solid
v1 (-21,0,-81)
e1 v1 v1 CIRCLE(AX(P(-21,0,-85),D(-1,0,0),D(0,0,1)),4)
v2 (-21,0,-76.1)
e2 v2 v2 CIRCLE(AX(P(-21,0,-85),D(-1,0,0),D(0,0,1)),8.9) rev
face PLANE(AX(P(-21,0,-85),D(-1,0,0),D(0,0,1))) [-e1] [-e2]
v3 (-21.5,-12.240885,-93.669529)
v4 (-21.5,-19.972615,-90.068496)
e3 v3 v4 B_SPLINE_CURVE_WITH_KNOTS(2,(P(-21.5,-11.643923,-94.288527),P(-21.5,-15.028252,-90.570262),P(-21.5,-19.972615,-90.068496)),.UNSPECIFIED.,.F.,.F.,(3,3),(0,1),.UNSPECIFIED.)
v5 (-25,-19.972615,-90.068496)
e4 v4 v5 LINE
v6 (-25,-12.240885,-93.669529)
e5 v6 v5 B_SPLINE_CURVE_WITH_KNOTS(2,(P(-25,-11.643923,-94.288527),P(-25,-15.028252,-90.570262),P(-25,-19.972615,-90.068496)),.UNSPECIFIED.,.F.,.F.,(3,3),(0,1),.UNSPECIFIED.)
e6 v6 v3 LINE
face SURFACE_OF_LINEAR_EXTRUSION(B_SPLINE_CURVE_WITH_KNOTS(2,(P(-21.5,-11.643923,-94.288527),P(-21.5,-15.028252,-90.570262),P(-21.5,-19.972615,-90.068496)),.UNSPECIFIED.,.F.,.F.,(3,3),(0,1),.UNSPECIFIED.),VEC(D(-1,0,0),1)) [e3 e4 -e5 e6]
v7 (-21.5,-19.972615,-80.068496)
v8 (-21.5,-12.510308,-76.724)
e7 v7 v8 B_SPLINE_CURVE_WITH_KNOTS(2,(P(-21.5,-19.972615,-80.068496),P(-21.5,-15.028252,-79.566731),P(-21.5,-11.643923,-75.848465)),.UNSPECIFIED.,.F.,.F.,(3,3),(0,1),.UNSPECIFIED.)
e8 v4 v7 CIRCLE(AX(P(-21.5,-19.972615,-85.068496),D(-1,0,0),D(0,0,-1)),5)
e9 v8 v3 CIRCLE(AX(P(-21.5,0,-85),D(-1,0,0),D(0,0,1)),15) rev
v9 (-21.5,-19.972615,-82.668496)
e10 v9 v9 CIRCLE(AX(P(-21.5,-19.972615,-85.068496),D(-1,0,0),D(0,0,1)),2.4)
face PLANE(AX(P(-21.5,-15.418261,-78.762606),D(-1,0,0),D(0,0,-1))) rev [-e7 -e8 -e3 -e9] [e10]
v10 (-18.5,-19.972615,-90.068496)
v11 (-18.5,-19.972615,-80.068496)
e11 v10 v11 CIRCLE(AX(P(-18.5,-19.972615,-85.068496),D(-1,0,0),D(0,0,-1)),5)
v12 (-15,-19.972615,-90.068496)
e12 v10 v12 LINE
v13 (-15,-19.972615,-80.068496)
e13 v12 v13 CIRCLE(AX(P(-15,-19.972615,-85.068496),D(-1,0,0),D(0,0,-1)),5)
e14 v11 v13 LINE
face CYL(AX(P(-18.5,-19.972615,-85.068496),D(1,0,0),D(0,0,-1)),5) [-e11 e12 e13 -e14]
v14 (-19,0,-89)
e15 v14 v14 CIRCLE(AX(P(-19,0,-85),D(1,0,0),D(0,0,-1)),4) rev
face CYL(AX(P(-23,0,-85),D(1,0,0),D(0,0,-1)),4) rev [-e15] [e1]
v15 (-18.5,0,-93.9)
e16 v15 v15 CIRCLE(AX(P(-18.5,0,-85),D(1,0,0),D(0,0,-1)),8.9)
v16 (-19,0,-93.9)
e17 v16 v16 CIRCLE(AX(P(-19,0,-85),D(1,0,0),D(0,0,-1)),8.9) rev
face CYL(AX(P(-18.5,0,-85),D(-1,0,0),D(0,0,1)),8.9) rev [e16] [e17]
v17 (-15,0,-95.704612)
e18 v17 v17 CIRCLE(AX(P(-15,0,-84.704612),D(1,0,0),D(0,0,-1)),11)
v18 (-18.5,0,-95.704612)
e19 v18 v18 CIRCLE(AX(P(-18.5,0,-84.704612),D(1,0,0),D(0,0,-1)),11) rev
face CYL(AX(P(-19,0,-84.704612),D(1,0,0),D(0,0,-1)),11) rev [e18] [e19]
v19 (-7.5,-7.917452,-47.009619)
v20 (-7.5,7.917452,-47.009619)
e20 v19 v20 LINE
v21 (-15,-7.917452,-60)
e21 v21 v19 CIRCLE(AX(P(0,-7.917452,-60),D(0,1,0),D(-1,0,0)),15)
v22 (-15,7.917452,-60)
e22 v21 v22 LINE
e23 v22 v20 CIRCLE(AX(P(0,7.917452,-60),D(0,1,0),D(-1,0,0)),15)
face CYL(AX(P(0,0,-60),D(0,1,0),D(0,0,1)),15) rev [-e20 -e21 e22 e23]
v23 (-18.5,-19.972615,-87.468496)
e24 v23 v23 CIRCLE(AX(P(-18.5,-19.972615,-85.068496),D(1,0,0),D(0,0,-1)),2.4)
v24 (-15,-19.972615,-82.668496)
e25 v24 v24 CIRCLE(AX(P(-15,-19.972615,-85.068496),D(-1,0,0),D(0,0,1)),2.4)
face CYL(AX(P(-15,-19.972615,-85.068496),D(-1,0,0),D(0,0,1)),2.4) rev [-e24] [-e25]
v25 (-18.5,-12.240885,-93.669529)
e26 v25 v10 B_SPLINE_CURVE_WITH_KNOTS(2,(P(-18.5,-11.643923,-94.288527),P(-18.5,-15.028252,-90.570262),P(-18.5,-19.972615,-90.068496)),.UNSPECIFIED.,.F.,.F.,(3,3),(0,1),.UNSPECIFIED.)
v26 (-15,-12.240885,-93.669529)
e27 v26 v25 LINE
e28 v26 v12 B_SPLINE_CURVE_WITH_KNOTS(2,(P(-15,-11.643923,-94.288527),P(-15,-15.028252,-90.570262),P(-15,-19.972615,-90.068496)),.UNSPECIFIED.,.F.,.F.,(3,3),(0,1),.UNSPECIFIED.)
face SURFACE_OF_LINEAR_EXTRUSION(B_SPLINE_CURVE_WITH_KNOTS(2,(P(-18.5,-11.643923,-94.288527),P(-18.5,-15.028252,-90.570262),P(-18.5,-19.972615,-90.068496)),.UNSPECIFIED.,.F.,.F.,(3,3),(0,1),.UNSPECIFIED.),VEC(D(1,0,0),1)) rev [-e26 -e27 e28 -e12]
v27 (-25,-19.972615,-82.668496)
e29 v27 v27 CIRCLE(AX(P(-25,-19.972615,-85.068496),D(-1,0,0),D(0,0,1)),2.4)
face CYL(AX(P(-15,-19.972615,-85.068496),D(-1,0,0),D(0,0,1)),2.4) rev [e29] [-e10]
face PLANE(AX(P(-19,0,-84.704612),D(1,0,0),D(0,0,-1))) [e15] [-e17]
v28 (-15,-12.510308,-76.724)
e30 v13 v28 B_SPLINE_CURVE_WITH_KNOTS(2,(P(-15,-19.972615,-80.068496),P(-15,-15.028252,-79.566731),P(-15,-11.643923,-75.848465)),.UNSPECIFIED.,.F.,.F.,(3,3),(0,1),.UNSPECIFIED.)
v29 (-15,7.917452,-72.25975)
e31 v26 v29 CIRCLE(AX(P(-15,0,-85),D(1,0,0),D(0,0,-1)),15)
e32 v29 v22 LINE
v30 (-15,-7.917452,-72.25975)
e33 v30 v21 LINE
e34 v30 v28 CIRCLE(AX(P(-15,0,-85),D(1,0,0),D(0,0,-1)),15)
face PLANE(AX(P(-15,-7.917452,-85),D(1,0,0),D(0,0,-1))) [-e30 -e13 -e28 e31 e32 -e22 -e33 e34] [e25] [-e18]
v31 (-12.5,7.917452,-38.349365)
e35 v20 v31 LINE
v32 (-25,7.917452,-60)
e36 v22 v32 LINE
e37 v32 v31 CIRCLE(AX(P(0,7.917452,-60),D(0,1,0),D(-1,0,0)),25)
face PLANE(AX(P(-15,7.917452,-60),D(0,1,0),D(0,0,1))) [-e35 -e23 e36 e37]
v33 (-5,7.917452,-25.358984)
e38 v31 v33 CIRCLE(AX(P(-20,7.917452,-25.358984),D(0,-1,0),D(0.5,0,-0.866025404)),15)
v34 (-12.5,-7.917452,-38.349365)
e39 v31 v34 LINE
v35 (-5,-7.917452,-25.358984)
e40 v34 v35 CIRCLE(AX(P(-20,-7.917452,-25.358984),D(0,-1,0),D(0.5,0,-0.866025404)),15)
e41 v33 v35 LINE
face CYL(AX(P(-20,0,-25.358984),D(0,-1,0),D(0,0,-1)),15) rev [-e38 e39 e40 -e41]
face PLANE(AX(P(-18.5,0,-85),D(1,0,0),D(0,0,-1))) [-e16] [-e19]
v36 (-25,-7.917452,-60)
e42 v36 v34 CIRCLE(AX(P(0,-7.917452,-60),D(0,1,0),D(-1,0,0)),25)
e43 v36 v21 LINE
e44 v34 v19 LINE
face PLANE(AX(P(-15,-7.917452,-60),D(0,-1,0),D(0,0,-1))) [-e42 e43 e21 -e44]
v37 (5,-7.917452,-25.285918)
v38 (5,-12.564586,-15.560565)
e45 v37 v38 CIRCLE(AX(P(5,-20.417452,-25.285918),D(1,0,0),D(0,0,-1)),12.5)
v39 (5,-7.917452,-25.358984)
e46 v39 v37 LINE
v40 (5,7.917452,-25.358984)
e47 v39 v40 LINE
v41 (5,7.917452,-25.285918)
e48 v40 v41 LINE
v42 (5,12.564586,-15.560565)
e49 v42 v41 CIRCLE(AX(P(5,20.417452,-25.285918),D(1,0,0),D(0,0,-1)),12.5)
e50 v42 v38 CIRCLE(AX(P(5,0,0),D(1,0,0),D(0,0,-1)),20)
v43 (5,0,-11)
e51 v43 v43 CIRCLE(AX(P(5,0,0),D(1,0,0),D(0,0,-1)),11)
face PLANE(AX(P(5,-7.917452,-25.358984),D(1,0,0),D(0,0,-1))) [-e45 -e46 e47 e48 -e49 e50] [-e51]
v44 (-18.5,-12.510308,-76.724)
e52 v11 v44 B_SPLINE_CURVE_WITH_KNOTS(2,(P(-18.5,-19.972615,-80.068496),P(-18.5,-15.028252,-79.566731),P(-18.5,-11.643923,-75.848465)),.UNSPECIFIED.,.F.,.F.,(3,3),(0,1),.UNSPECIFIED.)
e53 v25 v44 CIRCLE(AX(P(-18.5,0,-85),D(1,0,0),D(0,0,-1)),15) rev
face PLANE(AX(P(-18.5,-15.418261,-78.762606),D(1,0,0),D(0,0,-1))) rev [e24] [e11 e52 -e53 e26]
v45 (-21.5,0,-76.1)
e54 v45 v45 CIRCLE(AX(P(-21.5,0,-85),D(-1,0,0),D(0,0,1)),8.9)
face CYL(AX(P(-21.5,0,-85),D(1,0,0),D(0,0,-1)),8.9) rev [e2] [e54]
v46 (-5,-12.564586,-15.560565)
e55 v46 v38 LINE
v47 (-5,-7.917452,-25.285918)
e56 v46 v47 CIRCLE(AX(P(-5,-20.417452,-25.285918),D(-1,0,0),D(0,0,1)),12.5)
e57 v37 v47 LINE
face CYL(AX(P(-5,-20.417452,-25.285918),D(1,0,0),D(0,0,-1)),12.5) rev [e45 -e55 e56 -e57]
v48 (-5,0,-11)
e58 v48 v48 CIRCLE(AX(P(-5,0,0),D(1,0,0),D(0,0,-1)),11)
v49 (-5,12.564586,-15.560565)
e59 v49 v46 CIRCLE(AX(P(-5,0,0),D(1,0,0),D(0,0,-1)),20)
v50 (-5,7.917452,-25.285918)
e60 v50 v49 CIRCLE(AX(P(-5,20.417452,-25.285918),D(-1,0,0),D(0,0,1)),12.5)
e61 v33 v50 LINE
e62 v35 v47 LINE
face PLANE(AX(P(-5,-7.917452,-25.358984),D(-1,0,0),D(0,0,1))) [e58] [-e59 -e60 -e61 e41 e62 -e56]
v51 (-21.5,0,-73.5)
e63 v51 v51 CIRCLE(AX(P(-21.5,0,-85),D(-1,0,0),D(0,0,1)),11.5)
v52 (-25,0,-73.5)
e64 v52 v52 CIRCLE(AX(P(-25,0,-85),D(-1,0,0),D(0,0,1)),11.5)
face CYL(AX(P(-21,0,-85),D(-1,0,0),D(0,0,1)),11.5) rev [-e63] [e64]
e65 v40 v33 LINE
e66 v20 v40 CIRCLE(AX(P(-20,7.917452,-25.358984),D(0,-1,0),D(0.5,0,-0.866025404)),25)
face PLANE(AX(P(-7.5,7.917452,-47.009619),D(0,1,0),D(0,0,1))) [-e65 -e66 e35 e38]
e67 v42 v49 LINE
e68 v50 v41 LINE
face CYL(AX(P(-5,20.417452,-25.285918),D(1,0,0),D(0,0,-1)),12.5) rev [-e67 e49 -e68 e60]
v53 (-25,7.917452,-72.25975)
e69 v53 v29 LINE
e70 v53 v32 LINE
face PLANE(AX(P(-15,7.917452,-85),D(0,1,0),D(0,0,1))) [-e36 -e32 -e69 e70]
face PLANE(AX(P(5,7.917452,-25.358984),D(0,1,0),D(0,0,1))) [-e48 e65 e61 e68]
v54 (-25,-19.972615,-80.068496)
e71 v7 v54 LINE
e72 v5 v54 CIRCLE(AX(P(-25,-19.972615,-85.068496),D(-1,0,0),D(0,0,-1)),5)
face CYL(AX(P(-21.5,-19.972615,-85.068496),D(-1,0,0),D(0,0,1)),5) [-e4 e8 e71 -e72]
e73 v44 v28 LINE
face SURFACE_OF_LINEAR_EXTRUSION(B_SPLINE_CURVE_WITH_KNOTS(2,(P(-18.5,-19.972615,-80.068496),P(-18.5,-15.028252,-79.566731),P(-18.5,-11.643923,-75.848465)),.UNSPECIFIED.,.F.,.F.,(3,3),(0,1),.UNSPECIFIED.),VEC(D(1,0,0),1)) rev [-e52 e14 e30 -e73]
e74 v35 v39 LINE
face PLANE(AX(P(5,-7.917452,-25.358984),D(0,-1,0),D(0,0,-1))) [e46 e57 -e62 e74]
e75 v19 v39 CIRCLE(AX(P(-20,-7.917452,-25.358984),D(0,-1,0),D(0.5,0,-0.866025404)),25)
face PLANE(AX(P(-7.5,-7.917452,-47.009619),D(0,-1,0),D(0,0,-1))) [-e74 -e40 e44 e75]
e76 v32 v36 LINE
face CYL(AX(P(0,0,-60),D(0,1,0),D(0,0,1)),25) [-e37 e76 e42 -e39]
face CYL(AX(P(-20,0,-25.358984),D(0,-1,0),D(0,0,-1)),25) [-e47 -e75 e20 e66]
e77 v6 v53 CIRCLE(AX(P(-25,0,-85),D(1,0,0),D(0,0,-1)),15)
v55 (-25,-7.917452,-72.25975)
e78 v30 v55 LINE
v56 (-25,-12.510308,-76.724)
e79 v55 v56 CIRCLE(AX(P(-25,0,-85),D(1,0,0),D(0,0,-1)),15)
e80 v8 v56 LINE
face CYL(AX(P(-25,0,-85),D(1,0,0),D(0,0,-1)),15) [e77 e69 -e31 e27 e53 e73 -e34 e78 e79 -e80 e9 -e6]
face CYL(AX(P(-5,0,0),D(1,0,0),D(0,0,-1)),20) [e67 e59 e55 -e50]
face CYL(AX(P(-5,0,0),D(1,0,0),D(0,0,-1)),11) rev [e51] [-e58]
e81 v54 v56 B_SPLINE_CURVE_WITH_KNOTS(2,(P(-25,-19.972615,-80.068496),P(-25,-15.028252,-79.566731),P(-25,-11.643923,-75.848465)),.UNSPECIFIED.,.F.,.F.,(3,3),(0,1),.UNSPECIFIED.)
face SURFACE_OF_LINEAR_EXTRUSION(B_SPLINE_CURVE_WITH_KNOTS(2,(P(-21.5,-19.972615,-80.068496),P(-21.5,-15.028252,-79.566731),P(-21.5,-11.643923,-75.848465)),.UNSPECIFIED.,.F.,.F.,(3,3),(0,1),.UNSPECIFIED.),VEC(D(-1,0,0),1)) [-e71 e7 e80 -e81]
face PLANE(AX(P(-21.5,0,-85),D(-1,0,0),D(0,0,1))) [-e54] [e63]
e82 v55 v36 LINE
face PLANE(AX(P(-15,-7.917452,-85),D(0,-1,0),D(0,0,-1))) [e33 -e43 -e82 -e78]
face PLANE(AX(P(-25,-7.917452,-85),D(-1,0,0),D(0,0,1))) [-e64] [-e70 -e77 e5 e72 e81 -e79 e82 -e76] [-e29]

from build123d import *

# Parameters (mm, degrees)
CROQUIS2_W              = 10
CROQUIS2_H              = 15.834903248
CROQUIS4_R              = 15
SALIENTE_EXTRUIR1_DEPTH = 10
CROQUIS5_R              = 20
SALIENTE_EXTRUIR2_DEPTH = 10
SALIENTE_EXTRUIR5_DEPTH = 3.5
CROQUIS13_R             = 2.5
CORTAR_EXTRUIR1_DEPTH   = 10
SIMETR_A3_COPY_1_DEPTH  = 3.5
CORTAR_EXTRUIR5_DEPTH   = 10
CROQUIS21_R             = 2.4
CORTAR_EXTRUIR6_DEPTH   = 10
CROQUIS7_R              = 11
CORTAR_EXTRUIR7_DEPTH   = 10
REDONDEO1_R             = 12.5
REDONDEO2_R             = 12.5
CROQUIS22_R             = 11.5
CORTAR_EXTRUIR8_DEPTH   = 4
CROQUIS6_R              = 4
CORTAR_EXTRUIR9_DEPTH   = 8
CROQUIS23_R             = 11
CORTAR_EXTRUIR10_DEPTH  = 4
CROQUIS24_R             = 11.295388062
CROQUIS24_R_2           = 8.9
SALIENTE_EXTRUIR6_DEPTH = 0.5
SALIENTE_EXTRUIR7_START = 0.5
CROQUIS25_R             = 11.5
CROQUIS25_R_2           = 8.9
SALIENTE_EXTRUIR7_DEPTH = 0.5


with BuildPart() as part:
    # Barrer1: sweep along a path in Croquis1
    with BuildLine(Plane(origin=(0, 0, 0), x_dir=(1, 0, 0), z_dir=(0, 1, 0))) as barrer1_path:
        Line((-20, 85), (-20, 60))
        ThreePointArc((-20, 60), (-17.320508076, 50), (-10, 42.679491924))
        ThreePointArc((-10, 42.679491924), (-2.679491924, 35.358983849), (0, 25.358983849))
        Line((0, 25.358983849), (0, 0))
    # Croquis2 → Barrer1 (sweep)
    with BuildSketch(Plane.XY):
        Rectangle(CROQUIS2_W, CROQUIS2_H)
    sweep(path=barrer1_path.line)

    # Croquis4 → Saliente-Extruir1 (add)
    with BuildSketch(Plane(origin=(-15, 0, 0), x_dir=(0, 0, -1), z_dir=(1, 0, 0))):
        with Locations((85, 0)):
            Circle(CROQUIS4_R)
    extrude(amount=-SALIENTE_EXTRUIR1_DEPTH)

    # Croquis5 → Saliente-Extruir2 (add)
    with BuildSketch(Plane(origin=(5, 0, 0), x_dir=(0, 0, -1), z_dir=(1, 0, 0))):
        Circle(CROQUIS5_R)
    extrude(amount=-SALIENTE_EXTRUIR2_DEPTH)

    # Croquis12 → Saliente-Extruir5 (add)
    with BuildSketch(Plane(origin=(-15, 0, 0), x_dir=(0, 0, -1), z_dir=(1, 0, 0))):
        with BuildLine():
            ThreePointArc((90.068496439, 19.972615481), (85.068496439, 24.972615481), (80.068496439, 19.972615481))
            add(Edge.make_bspline(
                [(80.068496439, 19.972615481), (79.566731031, 15.028252388), (75.848465439, 11.643922813)],
                knots=[0, 0, 0, 1, 1, 1], degree=2))
            ThreePointArc((75.848465439, 11.643922813), (85.068496439, 14.846363713), (94.288527439, 11.643922813))
            add(Edge.make_bspline(
                [(90.068496439, 19.972615481), (90.570261847, 15.028252388), (94.288527439, 11.643922813)],
                knots=[0, 0, 0, 1, 1, 1], degree=2))
        make_face()
    saliente_extruir5 = extrude(amount=-SALIENTE_EXTRUIR5_DEPTH)

    # Simetría1: Saliente-Extruir5 across plane
    add(saliente_extruir5.mirror(Plane(origin=(-20, 0, 0), x_dir=(0, 0, 1), z_dir=(1, 0, 0))))

    # Croquis13 → Cortar-Extruir1 (cut)
    with BuildSketch(Plane(origin=(-15, 0, 0), x_dir=(0, 0, -1), z_dir=(1, 0, 0))):
        with Locations((85.068496439, 19.972615481)):
            Circle(CROQUIS13_R)
    extrude(amount=-CORTAR_EXTRUIR1_DEPTH, mode=Mode.SUBTRACT)

    # Simetría3: Saliente-Extruir5 across plane
    add(saliente_extruir5.mirror(Plane.ZX))

    # Simetría3 copy 1 sketch → Simetría3 copy 1 (add)
    with BuildSketch(Plane(origin=(-25, 0, 0), x_dir=(0, 0, -1), z_dir=(-1, 0, 0))):
        with BuildLine():
            ThreePointArc((90.068496439, 19.972615481), (85.068496439, 24.972615481), (80.068496439, 19.972615481))
            add(Edge.make_bspline(
                [(80.068496439, 19.972615481), (79.566731031, 15.028252388), (75.848465439, 11.643922813)],
                knots=[0, 0, 0, 1, 1, 1], degree=2))
            ThreePointArc((75.848465439, 11.643922813), (85.068496439, 14.846363713), (94.288527439, 11.643922813))
            add(Edge.make_bspline(
                [(90.068496439, 19.972615481), (90.570261847, 15.028252388), (94.288527439, 11.643922813)],
                knots=[0, 0, 0, 1, 1, 1], degree=2))
        make_face()
    extrude(amount=-SIMETR_A3_COPY_1_DEPTH)

    # Croquis20 → Cortar-Extruir5 (cut)
    with BuildSketch(Plane(origin=(-15, 0, 0), x_dir=(0, 0, -1), z_dir=(1, 0, 0))):
        with BuildLine():
            Line((75.916830569, 25.735778906), (95.172377376, 25.735778906))
            Line((95.172377376, 25.735778906), (95.172377376, 11.023735234))
            ThreePointArc((95.172377376, 11.023735234), (85.710763224, 14.983151058), (75.916830569, 11.93717023))
            Line((75.916830569, 11.93717023), (75.916830569, 25.735778906))
        make_face()
    extrude(amount=-CORTAR_EXTRUIR5_DEPTH, mode=Mode.SUBTRACT)

    # Croquis21 → Cortar-Extruir6 (cut)
    with BuildSketch(Plane.ZY.offset(25)):
        with Locations((-85.068496439, -19.972615481)):
            Circle(CROQUIS21_R)
    extrude(amount=-CORTAR_EXTRUIR6_DEPTH, mode=Mode.SUBTRACT)

    # Croquis7 → Cortar-Extruir7 (cut)
    with BuildSketch(Plane(origin=(5, 0, 0), x_dir=(0, 0, -1), z_dir=(1, 0, 0))):
        Circle(CROQUIS7_R)
    extrude(amount=-CORTAR_EXTRUIR7_DEPTH, mode=Mode.SUBTRACT)

    # Redondeo1
    redondeo1_edges = [part.edges().sort_by_distance(p)[0] for p in [
        (0, -7.917451624, -18.366108999),
    ]]
    fillet(redondeo1_edges, radius=REDONDEO1_R)

    # Redondeo2
    redondeo2_edges = [part.edges().sort_by_distance(p)[0] for p in [
        (0, 7.917451624, -18.366108999),
    ]]
    fillet(redondeo2_edges, radius=REDONDEO2_R)

    # Croquis22 → Cortar-Extruir8 (cut)
    with BuildSketch(Plane.ZY.offset(25)):
        with Locations((-85, 0)):
            Circle(CROQUIS22_R)
    extrude(amount=-CORTAR_EXTRUIR8_DEPTH, mode=Mode.SUBTRACT)

    # Croquis6 → Cortar-Extruir9 (cut)
    with BuildSketch(Plane(origin=(-15, 0, 0), x_dir=(0, 0, -1), z_dir=(1, 0, 0))):
        with Locations((85, 0)):
            Circle(CROQUIS6_R)
    extrude(amount=-CORTAR_EXTRUIR9_DEPTH, mode=Mode.SUBTRACT)

    # Croquis23 → Cortar-Extruir10 (cut)
    with BuildSketch(Plane(origin=(-15, 0, 0), x_dir=(0, 0, -1), z_dir=(1, 0, 0))):
        with Locations((84.704611938, 0)):
            Circle(CROQUIS23_R)
    extrude(amount=-CORTAR_EXTRUIR10_DEPTH, mode=Mode.SUBTRACT)

    # Croquis24 → Saliente-Extruir6 (add)
    with BuildSketch(Plane(origin=(-19, 0, 0), x_dir=(0, 0, -1), z_dir=(1, 0, 0))):
        with Locations((85, 0)):
            Circle(CROQUIS24_R)
        with Locations((85, 0)):
            Circle(CROQUIS24_R_2, mode=Mode.SUBTRACT)
    extrude(amount=SALIENTE_EXTRUIR6_DEPTH)

    # Croquis25 → Saliente-Extruir7 (add)
    with BuildSketch(Plane.ZY.offset(21).offset(SALIENTE_EXTRUIR7_START)):
        with Locations((-85, 0)):
            Circle(CROQUIS25_R)
        with Locations(Location((-85, 0, 0), (0, 0, 180))):
            Circle(CROQUIS25_R_2, mode=Mode.SUBTRACT)
    extrude(amount=-SALIENTE_EXTRUIR7_DEPTH)


solid = part.part
